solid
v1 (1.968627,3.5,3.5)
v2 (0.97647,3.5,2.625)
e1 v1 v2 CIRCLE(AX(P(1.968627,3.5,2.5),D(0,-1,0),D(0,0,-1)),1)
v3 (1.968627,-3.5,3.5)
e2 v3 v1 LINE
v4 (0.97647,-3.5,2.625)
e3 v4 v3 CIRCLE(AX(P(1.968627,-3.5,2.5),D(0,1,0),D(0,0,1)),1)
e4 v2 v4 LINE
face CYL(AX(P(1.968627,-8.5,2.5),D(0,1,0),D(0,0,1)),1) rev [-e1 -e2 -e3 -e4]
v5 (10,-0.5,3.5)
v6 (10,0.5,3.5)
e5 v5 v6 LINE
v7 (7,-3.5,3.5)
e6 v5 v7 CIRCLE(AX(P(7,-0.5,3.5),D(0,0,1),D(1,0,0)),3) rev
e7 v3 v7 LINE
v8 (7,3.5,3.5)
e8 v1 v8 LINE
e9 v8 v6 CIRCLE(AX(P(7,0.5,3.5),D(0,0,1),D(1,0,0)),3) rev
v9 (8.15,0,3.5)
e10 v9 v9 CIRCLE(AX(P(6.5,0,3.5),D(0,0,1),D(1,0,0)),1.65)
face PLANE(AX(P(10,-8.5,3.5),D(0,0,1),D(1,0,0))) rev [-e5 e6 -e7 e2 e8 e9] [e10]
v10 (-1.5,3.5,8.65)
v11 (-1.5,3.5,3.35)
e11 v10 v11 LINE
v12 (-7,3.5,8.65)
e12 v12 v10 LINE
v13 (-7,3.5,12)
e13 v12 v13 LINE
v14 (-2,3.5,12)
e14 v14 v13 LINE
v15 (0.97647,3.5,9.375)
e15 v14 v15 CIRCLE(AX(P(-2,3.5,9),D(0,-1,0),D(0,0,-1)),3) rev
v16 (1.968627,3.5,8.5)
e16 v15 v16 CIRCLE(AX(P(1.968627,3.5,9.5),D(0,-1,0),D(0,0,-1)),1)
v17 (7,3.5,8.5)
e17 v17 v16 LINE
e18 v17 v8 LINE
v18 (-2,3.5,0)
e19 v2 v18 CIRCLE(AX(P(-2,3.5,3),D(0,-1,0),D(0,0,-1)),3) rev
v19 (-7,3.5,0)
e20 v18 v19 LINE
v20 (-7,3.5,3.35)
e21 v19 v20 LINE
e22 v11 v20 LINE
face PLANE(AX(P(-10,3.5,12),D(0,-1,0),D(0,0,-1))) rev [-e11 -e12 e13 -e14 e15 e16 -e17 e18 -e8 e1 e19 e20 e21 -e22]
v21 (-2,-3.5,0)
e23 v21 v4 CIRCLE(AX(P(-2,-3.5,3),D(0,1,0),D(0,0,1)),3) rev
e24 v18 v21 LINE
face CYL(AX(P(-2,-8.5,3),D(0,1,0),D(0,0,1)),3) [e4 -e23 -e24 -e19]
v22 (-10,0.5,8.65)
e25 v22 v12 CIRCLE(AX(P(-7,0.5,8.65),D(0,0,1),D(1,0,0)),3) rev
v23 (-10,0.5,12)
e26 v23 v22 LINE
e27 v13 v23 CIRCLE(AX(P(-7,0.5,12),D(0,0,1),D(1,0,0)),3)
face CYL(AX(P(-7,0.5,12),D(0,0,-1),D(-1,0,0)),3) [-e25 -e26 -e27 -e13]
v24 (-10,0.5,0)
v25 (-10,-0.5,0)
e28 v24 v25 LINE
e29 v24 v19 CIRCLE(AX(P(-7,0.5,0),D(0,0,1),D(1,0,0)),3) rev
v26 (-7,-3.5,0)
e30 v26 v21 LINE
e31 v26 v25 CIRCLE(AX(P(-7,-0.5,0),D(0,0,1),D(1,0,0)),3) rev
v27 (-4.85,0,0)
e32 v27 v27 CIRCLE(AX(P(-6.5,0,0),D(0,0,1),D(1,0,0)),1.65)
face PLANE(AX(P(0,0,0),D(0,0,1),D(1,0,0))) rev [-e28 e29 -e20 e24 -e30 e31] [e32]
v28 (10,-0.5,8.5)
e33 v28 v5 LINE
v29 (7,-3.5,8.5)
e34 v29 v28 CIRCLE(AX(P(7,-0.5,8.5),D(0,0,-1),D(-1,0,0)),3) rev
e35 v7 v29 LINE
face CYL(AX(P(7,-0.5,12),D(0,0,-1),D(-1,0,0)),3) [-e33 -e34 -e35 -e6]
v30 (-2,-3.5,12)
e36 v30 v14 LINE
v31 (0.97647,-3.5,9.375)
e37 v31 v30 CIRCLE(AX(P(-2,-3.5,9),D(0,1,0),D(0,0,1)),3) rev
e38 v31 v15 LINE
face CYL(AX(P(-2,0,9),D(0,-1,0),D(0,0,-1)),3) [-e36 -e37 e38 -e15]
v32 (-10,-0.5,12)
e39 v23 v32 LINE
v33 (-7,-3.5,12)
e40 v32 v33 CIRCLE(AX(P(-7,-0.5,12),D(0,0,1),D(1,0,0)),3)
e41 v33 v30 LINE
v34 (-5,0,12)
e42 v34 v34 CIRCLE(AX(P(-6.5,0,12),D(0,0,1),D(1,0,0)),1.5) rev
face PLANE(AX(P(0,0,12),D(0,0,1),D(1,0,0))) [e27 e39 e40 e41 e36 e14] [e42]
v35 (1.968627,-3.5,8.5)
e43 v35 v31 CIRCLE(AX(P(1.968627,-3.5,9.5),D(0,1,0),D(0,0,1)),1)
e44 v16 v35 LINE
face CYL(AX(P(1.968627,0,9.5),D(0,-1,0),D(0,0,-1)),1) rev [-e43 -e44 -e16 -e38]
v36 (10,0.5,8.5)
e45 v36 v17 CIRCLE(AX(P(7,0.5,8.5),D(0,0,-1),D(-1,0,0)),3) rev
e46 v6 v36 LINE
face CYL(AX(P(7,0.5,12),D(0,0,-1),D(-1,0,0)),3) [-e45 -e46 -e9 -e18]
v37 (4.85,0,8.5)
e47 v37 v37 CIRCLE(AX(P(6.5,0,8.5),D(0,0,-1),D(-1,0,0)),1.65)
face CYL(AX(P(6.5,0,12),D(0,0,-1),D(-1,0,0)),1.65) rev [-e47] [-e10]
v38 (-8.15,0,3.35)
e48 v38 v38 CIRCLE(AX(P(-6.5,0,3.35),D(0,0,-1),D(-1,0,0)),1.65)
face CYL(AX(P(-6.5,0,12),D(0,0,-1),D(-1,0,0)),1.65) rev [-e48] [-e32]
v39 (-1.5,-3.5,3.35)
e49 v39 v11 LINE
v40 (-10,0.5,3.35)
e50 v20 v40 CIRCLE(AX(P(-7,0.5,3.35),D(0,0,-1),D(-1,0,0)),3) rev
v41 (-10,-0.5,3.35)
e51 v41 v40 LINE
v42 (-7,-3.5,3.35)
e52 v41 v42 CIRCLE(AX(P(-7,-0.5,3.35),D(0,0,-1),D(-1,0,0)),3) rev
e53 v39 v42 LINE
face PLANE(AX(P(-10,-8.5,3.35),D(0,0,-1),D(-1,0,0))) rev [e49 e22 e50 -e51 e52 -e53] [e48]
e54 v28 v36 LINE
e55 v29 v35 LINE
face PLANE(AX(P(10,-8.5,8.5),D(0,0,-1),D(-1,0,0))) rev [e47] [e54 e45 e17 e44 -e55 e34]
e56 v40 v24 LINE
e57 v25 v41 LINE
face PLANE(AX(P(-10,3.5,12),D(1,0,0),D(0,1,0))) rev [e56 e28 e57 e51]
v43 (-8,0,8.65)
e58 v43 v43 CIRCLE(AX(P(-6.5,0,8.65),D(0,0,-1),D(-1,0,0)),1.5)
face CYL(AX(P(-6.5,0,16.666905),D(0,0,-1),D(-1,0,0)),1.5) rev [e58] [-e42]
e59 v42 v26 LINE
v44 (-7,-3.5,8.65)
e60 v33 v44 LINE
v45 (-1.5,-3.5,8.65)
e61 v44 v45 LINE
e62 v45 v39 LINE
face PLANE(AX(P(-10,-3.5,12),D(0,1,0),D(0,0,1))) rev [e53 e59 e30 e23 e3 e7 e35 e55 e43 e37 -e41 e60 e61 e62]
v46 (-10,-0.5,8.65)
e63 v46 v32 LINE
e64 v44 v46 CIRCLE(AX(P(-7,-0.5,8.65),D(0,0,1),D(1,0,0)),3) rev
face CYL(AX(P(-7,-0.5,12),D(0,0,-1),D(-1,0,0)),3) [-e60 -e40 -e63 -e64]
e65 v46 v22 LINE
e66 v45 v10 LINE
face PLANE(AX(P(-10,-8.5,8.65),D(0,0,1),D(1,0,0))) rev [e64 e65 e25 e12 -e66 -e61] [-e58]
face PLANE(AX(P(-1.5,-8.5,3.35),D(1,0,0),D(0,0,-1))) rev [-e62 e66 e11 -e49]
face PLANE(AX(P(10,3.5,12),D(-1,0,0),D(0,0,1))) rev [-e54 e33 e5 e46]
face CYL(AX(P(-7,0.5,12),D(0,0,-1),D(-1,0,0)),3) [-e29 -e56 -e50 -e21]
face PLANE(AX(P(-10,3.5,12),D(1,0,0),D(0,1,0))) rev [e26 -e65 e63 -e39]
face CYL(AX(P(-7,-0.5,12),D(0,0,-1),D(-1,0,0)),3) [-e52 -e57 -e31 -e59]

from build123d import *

# Parameters (mm, degrees)
SKETCH_1_W          = 20
SKETCH_1_H          = 7
SKETCH_1_R          = 1.65
EXTRUDE_1_DEPTH     = 12
SKETCH_2_W          = 8.5
SKETCH_2_H          = 5.3
CUT_EXTRUDE_1_DEPTH = 12
SKETCH_3_W          = 9
SKETCH_3_H          = 3.5
CUT_EXTRUDE_2_DEPTH = 12
FILLET_1_R          = 3
FILLET_2_R          = 3
FILLET_3_R          = 1
SKETCH_5_R          = 1.65
SKETCH_5_R_2        = 1.5
EXTRUDE_2_DEPTH     = 3.35


with BuildPart() as part:
    # 草图1 → 凸台-拉伸1 (new body)
    with BuildSketch(Plane.XY):
        Rectangle(SKETCH_1_W, SKETCH_1_H)
        with Locations((-6.5, 0)):
            Circle(SKETCH_1_R, mode=Mode.SUBTRACT)
        with Locations(Location((6.5, 0, 0), (0, 0, 180))):
            Circle(SKETCH_1_R, mode=Mode.SUBTRACT)
    extrude(amount=EXTRUDE_1_DEPTH)

    # 草图2 → 切除-拉伸1 (cut)
    with BuildSketch(Plane(origin=(0, 3.5, 0), x_dir=(1, 0, 0), z_dir=(0, 1, 0))):
        with Locations((-5.75, -6)):
            Rectangle(SKETCH_2_W, SKETCH_2_H)
    extrude(amount=-CUT_EXTRUDE_1_DEPTH, mode=Mode.SUBTRACT)

    # 草图3 → 切除-拉伸2 (cut)
    with BuildSketch(Plane(origin=(0, 3.5, 0), x_dir=(1, 0, 0), z_dir=(0, 1, 0))):
        with Locations((5.5, -1.75)):
            Rectangle(SKETCH_3_W, SKETCH_3_H)
        with Locations((5.5, -10.25)):
            Rectangle(SKETCH_3_W, SKETCH_3_H)
    extrude(amount=-CUT_EXTRUDE_2_DEPTH, mode=Mode.SUBTRACT)

    # 圆角1
    fillet_1_edges = [part.edges().sort_by_distance(p)[0] for p in [
        (-10, -3.5, 1.675),
        (-10, 3.5, 1.675),
        (10, -3.5, 6),
        (10, 3.5, 6),
        (-10, -3.5, 10.325),
        (-10, 3.5, 10.325),
    ]]
    fillet(fillet_1_edges, radius=FILLET_1_R)

    # 圆角2
    fillet_2_edges = [part.edges().sort_by_distance(p)[0] for p in [
        (1, 0, 0),
        (1, 0, 12),
    ]]
    fillet(fillet_2_edges, radius=FILLET_2_R)

    # 圆角3
    fillet_3_edges = [part.edges().sort_by_distance(p)[0] for p in [
        (1, 0, 3.5),
        (1, 0, 8.5),
    ]]
    fillet(fillet_3_edges, radius=FILLET_3_R)

    # 草图5 → 凸台-拉伸2 (add)
    with BuildSketch(Plane(origin=(0, 0, 8.65), x_dir=(-1, 0, 0), z_dir=(0, 0, -1))):
        with Locations((6.5, 0)):
            Circle(SKETCH_5_R)
        with Locations((6.5, 0)):
            Circle(SKETCH_5_R_2, mode=Mode.SUBTRACT)
    extrude(amount=-EXTRUDE_2_DEPTH)


solid = part.part
